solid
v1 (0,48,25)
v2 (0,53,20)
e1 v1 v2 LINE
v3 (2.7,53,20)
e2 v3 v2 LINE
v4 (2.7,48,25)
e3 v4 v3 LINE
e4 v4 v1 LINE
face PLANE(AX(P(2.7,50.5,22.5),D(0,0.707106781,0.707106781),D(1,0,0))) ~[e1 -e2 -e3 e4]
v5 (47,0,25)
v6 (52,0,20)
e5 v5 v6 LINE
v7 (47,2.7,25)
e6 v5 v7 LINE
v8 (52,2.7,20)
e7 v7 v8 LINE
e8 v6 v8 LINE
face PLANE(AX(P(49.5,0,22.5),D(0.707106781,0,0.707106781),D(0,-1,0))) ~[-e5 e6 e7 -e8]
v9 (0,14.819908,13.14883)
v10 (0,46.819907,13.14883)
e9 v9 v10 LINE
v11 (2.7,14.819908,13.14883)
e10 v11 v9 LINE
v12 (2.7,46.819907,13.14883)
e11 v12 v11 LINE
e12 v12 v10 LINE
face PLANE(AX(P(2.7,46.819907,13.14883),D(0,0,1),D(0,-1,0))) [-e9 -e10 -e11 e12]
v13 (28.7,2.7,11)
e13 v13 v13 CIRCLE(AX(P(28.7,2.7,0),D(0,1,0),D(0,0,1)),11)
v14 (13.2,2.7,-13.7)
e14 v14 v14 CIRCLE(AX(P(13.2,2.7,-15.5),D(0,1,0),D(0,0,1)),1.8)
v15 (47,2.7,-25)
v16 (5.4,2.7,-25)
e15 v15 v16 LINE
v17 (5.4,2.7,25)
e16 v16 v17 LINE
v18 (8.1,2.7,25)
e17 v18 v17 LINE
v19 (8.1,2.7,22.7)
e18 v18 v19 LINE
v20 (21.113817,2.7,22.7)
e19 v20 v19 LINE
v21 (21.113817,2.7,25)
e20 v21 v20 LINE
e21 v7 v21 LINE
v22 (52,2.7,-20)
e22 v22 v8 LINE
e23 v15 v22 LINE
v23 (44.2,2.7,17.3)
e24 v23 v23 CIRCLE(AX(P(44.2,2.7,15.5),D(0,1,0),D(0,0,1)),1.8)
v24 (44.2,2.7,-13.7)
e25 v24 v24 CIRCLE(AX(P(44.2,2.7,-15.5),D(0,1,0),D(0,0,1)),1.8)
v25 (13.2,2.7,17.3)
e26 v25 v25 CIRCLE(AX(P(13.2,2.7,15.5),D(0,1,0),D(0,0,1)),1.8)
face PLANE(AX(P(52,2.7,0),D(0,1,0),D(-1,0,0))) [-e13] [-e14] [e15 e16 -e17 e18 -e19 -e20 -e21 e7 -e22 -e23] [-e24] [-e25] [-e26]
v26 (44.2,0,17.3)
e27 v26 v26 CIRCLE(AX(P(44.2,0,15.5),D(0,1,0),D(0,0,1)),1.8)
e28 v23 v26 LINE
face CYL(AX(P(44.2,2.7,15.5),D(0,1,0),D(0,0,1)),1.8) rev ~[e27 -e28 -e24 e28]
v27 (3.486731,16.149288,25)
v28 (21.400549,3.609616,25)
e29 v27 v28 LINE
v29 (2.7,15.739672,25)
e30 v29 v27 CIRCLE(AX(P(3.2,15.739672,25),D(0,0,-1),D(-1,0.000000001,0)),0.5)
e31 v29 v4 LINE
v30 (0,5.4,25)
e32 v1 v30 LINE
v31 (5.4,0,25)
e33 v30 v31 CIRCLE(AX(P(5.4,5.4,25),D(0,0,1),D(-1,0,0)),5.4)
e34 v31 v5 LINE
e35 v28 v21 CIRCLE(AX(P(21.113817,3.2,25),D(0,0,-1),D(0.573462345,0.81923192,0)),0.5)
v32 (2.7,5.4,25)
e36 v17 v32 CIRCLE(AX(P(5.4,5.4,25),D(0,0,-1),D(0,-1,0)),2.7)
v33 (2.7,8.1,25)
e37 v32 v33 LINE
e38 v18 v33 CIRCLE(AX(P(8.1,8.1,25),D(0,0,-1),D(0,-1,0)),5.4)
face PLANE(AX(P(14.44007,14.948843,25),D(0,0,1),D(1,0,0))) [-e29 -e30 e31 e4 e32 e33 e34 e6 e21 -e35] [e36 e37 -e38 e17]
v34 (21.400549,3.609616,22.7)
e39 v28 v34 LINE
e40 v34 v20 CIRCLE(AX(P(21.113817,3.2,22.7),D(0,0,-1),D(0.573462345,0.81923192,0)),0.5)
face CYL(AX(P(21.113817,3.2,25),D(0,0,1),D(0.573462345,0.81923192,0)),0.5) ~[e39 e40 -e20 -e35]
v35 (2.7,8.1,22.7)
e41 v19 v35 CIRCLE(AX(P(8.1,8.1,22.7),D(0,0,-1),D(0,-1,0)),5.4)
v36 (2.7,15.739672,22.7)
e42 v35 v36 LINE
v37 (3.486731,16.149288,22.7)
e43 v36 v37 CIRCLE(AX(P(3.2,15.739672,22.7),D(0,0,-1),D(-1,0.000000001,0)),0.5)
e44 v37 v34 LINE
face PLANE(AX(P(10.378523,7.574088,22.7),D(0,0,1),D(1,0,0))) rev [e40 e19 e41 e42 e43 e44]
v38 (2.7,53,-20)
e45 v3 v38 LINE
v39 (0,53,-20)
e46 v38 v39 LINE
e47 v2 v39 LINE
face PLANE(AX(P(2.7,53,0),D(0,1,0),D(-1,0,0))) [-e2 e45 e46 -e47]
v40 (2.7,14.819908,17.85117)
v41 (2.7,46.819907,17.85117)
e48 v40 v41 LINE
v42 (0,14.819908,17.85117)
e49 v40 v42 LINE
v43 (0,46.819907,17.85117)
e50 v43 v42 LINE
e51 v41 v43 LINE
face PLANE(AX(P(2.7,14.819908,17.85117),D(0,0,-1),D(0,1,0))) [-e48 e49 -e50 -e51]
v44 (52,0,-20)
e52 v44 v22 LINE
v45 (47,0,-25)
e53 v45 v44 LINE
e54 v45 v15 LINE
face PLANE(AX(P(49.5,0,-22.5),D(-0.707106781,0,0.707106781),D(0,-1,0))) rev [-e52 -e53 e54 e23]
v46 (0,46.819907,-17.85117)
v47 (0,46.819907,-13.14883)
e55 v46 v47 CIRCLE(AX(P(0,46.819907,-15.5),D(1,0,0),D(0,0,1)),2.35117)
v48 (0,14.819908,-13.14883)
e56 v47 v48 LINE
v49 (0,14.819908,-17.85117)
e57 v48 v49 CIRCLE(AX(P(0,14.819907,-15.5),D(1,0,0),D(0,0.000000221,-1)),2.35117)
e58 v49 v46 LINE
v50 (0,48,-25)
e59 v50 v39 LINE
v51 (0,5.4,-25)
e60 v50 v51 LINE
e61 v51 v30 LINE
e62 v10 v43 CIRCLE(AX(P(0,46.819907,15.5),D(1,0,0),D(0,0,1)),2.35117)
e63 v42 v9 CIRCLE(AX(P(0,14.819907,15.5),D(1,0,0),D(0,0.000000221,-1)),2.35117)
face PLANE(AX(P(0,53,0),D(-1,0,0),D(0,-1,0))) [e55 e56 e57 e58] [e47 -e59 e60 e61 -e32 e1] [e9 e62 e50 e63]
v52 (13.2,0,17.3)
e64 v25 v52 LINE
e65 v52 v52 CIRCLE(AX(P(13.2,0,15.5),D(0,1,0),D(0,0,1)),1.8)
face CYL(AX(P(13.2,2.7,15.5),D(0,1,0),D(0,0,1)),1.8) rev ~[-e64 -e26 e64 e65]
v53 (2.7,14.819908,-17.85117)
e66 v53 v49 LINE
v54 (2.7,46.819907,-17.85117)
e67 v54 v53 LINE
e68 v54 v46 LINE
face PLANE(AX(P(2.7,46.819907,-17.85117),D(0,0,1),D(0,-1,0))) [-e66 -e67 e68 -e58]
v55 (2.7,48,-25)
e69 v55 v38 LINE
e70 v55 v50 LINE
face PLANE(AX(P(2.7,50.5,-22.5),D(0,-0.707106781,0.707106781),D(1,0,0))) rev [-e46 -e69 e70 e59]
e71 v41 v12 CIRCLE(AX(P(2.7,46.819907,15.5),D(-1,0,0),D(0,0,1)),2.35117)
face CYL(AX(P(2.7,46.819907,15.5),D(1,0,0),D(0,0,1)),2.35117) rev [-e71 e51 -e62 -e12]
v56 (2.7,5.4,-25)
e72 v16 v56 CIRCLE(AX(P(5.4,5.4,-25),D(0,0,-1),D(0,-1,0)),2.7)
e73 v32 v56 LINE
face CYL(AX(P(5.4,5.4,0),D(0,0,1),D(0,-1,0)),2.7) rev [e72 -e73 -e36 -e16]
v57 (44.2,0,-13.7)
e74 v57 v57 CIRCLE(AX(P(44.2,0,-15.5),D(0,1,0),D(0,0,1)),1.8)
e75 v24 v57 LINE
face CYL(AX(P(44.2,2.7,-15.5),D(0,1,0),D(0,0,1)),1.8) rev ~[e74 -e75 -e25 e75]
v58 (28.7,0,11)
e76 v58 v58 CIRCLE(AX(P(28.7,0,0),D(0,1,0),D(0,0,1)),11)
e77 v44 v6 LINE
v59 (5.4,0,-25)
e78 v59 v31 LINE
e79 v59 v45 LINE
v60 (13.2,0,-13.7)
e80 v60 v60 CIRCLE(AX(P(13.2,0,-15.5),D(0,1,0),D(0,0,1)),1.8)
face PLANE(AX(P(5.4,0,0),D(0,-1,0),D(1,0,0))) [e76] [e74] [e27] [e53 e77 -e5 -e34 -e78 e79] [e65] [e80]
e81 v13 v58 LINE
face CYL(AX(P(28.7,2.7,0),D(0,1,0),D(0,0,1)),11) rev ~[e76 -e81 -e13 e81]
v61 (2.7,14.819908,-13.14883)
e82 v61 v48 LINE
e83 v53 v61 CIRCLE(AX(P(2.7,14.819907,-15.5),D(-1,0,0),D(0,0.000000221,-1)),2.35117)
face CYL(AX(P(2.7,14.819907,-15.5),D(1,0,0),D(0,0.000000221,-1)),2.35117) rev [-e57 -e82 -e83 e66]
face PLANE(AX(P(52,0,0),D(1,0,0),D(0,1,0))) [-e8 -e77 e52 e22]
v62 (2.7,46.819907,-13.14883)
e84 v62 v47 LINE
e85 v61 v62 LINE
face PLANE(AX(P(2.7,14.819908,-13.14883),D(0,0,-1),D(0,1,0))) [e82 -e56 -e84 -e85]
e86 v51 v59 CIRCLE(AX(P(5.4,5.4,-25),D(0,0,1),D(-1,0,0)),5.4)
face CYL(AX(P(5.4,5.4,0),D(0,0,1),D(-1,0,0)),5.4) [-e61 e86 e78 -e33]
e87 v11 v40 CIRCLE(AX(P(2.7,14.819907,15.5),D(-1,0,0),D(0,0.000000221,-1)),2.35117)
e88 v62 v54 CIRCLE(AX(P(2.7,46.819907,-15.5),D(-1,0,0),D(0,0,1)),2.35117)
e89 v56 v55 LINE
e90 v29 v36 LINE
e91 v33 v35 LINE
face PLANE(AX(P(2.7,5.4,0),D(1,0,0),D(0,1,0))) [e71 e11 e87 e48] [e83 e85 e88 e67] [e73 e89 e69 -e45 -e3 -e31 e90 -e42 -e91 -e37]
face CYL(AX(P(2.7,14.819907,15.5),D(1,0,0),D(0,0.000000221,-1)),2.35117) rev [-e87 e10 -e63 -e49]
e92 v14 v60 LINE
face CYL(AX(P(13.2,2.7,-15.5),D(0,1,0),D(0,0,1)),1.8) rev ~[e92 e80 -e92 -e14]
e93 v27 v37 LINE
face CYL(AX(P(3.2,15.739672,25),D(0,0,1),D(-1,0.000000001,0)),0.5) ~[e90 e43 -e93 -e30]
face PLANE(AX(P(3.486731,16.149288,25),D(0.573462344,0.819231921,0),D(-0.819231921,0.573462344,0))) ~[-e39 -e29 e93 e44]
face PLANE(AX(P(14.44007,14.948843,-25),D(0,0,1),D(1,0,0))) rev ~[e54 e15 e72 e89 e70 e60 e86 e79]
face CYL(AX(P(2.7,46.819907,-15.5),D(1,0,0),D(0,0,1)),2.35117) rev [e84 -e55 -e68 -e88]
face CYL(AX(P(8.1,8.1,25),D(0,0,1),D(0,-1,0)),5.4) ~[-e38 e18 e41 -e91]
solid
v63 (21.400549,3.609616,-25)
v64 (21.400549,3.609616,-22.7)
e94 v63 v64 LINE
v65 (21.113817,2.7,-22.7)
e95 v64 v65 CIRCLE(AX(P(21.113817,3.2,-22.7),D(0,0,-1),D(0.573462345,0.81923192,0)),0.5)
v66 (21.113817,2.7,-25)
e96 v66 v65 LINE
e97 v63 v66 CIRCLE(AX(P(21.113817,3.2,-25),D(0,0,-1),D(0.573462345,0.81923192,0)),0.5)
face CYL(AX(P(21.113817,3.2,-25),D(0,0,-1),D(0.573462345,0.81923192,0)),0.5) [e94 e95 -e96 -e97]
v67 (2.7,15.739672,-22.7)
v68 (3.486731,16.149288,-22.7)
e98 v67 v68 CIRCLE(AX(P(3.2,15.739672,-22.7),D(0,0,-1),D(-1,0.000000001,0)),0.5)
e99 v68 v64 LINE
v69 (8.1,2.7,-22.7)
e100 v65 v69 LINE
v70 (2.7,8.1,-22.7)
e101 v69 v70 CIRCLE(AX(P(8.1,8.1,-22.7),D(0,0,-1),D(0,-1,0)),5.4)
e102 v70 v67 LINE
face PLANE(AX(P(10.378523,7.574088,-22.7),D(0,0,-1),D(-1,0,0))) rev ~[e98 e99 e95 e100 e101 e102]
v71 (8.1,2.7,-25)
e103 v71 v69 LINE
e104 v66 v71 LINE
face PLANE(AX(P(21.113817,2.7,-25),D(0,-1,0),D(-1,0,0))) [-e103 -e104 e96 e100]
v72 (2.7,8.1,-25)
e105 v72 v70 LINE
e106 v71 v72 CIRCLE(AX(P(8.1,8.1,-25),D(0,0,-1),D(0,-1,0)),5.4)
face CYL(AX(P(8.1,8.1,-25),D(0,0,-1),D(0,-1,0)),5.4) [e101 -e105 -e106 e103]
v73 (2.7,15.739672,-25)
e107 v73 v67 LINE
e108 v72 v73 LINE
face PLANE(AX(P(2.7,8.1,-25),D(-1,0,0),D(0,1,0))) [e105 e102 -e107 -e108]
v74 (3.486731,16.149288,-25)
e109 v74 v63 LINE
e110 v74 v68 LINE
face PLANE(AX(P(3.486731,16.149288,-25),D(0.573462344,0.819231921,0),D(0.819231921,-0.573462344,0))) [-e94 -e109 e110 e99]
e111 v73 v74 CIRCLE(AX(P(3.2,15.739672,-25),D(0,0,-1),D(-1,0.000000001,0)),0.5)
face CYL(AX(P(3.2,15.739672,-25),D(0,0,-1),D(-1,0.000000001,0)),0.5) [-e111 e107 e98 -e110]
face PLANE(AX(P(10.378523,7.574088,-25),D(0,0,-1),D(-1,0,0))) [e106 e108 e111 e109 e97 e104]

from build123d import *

# Parameters (mm, degrees)
BOSS_EXTRUDE1_DEPTH = 25
SKETCH3_R           = 11
SKETCH3_R_2         = 1.8
CUT_EXTRUDE1_DEPTH  = 50
CHAMFER1_SIZE       = 5
CUT_EXTRUDE2_DEPTH  = 50
BOSS_EXTRUDE2_DEPTH = 2.3


with BuildPart() as part:
    # Sketch1 → Boss-Extrude1 (new, symmetric)
    with BuildSketch(Plane.XY):
        with BuildLine():
            Line((0, 53), (0, 5.4))
            ThreePointArc((0, 5.4), (1.581623382, 1.581623382), (5.4, 0))
            Line((5.4, 0), (52, 0))
            Line((52, 0), (52, 2.7))
            Line((52, 2.7), (5.4, 2.7))
            ThreePointArc((5.4, 2.7), (3.490811691, 3.490811691), (2.7, 5.4))
            Line((2.7, 5.4), (2.7, 53))
            Line((2.7, 53), (0, 53))
        make_face()
    extrude(amount=BOSS_EXTRUDE1_DEPTH, both=True)

    # Sketch3 → Cut-Extrude1 (cut)
    with BuildSketch(Plane(origin=(0, 2.7, 0), x_dir=(1, 0, 0), z_dir=(0, 1, 0))):
        with Locations(Location((28.7, 0, 0), (0, 0, 270))):
            Circle(SKETCH3_R)
        with Locations(Location((44.2, 15.5, 0), (0, 0, 270))):
            Circle(SKETCH3_R_2)
        with Locations(Location((44.2, -15.5, 0), (0, 0, 270))):
            Circle(SKETCH3_R_2)
        with Locations(Location((13.2, -15.5, 0), (0, 0, 270))):
            Circle(SKETCH3_R_2)
        with Locations(Location((13.2, 15.5, 0), (0, 0, 270))):
            Circle(SKETCH3_R_2)
    extrude(amount=-CUT_EXTRUDE1_DEPTH, mode=Mode.SUBTRACT)

    # Chamfer1
    chamfer1_edges = [part.edges().sort_by_distance(p)[0] for p in [
        (1.35, 53, -25),
        (52, 1.35, 25),
        (1.35, 53, 25),
        (52, 1.35, -25),
    ]]
    chamfer(chamfer1_edges, length=CHAMFER1_SIZE)

    # Sketch4 → Cut-Extrude2 (cut)
    with BuildSketch(Plane(origin=(2.7, 0, 0), x_dir=(0, 0, -1), z_dir=(1, 0, 0))):
        with BuildLine():
            Line((-17.851169652, 14.819907576), (-17.851169652, 46.819907056))
            ThreePointArc((-17.851169652, 46.819907056), (-15.5, 49.171076708), (-13.148830348, 46.819907056))
            Line((-13.148830348, 46.819907056), (-13.148830348, 14.819907576))
            ThreePointArc((-13.148830348, 14.819907576), (-15.5, 12.468737404), (-17.851169652, 14.819907576))
        make_face()
        with BuildLine():
            Line((13.148830348, 14.819907576), (13.148830348, 46.819907056))
            ThreePointArc((13.148830348, 46.819907056), (15.5, 49.171076708), (17.851169652, 46.819907056))
            Line((17.851169652, 46.819907056), (17.851169652, 14.819907576))
            ThreePointArc((17.851169652, 14.819907576), (15.5, 12.468737404), (13.148830348, 14.819907576))
        make_face()
    extrude(amount=-CUT_EXTRUDE2_DEPTH, mode=Mode.SUBTRACT)


with BuildPart() as body_2:
    # Sketch5 → Boss-Extrude2 (new body)
    with BuildSketch(Plane(origin=(0, 0, -25), x_dir=(-1, 0, 0), z_dir=(0, 0, -1))):
        with BuildLine():
            Line((-3.486731172, 16.149288179), (-21.400548628, 3.60961596))
            ThreePointArc((-21.400548628, 3.60961596), (-21.5906864, 3.049680308), (-21.113817456, 2.7))
            Line((-21.113817456, 2.7), (-8.1, 2.7))
            ThreePointArc((-8.1, 2.7), (-4.281623382, 4.281623382), (-2.7, 8.1))
            Line((-2.7, 8.1), (-2.7, 15.739672219))
            ThreePointArc((-2.7, 15.739672219), (-2.96909481, 16.183161557), (-3.486731172, 16.149288179))
        make_face()
    boss_extrude2 = extrude(amount=-BOSS_EXTRUDE2_DEPTH)


with BuildPart() as part_1:
    add(part.part)

    # Mirror2: Boss-Extrude2 across plane
    add(boss_extrude2.mirror(Plane.XY))


solid = Compound([body_2.part, part_1.part])
